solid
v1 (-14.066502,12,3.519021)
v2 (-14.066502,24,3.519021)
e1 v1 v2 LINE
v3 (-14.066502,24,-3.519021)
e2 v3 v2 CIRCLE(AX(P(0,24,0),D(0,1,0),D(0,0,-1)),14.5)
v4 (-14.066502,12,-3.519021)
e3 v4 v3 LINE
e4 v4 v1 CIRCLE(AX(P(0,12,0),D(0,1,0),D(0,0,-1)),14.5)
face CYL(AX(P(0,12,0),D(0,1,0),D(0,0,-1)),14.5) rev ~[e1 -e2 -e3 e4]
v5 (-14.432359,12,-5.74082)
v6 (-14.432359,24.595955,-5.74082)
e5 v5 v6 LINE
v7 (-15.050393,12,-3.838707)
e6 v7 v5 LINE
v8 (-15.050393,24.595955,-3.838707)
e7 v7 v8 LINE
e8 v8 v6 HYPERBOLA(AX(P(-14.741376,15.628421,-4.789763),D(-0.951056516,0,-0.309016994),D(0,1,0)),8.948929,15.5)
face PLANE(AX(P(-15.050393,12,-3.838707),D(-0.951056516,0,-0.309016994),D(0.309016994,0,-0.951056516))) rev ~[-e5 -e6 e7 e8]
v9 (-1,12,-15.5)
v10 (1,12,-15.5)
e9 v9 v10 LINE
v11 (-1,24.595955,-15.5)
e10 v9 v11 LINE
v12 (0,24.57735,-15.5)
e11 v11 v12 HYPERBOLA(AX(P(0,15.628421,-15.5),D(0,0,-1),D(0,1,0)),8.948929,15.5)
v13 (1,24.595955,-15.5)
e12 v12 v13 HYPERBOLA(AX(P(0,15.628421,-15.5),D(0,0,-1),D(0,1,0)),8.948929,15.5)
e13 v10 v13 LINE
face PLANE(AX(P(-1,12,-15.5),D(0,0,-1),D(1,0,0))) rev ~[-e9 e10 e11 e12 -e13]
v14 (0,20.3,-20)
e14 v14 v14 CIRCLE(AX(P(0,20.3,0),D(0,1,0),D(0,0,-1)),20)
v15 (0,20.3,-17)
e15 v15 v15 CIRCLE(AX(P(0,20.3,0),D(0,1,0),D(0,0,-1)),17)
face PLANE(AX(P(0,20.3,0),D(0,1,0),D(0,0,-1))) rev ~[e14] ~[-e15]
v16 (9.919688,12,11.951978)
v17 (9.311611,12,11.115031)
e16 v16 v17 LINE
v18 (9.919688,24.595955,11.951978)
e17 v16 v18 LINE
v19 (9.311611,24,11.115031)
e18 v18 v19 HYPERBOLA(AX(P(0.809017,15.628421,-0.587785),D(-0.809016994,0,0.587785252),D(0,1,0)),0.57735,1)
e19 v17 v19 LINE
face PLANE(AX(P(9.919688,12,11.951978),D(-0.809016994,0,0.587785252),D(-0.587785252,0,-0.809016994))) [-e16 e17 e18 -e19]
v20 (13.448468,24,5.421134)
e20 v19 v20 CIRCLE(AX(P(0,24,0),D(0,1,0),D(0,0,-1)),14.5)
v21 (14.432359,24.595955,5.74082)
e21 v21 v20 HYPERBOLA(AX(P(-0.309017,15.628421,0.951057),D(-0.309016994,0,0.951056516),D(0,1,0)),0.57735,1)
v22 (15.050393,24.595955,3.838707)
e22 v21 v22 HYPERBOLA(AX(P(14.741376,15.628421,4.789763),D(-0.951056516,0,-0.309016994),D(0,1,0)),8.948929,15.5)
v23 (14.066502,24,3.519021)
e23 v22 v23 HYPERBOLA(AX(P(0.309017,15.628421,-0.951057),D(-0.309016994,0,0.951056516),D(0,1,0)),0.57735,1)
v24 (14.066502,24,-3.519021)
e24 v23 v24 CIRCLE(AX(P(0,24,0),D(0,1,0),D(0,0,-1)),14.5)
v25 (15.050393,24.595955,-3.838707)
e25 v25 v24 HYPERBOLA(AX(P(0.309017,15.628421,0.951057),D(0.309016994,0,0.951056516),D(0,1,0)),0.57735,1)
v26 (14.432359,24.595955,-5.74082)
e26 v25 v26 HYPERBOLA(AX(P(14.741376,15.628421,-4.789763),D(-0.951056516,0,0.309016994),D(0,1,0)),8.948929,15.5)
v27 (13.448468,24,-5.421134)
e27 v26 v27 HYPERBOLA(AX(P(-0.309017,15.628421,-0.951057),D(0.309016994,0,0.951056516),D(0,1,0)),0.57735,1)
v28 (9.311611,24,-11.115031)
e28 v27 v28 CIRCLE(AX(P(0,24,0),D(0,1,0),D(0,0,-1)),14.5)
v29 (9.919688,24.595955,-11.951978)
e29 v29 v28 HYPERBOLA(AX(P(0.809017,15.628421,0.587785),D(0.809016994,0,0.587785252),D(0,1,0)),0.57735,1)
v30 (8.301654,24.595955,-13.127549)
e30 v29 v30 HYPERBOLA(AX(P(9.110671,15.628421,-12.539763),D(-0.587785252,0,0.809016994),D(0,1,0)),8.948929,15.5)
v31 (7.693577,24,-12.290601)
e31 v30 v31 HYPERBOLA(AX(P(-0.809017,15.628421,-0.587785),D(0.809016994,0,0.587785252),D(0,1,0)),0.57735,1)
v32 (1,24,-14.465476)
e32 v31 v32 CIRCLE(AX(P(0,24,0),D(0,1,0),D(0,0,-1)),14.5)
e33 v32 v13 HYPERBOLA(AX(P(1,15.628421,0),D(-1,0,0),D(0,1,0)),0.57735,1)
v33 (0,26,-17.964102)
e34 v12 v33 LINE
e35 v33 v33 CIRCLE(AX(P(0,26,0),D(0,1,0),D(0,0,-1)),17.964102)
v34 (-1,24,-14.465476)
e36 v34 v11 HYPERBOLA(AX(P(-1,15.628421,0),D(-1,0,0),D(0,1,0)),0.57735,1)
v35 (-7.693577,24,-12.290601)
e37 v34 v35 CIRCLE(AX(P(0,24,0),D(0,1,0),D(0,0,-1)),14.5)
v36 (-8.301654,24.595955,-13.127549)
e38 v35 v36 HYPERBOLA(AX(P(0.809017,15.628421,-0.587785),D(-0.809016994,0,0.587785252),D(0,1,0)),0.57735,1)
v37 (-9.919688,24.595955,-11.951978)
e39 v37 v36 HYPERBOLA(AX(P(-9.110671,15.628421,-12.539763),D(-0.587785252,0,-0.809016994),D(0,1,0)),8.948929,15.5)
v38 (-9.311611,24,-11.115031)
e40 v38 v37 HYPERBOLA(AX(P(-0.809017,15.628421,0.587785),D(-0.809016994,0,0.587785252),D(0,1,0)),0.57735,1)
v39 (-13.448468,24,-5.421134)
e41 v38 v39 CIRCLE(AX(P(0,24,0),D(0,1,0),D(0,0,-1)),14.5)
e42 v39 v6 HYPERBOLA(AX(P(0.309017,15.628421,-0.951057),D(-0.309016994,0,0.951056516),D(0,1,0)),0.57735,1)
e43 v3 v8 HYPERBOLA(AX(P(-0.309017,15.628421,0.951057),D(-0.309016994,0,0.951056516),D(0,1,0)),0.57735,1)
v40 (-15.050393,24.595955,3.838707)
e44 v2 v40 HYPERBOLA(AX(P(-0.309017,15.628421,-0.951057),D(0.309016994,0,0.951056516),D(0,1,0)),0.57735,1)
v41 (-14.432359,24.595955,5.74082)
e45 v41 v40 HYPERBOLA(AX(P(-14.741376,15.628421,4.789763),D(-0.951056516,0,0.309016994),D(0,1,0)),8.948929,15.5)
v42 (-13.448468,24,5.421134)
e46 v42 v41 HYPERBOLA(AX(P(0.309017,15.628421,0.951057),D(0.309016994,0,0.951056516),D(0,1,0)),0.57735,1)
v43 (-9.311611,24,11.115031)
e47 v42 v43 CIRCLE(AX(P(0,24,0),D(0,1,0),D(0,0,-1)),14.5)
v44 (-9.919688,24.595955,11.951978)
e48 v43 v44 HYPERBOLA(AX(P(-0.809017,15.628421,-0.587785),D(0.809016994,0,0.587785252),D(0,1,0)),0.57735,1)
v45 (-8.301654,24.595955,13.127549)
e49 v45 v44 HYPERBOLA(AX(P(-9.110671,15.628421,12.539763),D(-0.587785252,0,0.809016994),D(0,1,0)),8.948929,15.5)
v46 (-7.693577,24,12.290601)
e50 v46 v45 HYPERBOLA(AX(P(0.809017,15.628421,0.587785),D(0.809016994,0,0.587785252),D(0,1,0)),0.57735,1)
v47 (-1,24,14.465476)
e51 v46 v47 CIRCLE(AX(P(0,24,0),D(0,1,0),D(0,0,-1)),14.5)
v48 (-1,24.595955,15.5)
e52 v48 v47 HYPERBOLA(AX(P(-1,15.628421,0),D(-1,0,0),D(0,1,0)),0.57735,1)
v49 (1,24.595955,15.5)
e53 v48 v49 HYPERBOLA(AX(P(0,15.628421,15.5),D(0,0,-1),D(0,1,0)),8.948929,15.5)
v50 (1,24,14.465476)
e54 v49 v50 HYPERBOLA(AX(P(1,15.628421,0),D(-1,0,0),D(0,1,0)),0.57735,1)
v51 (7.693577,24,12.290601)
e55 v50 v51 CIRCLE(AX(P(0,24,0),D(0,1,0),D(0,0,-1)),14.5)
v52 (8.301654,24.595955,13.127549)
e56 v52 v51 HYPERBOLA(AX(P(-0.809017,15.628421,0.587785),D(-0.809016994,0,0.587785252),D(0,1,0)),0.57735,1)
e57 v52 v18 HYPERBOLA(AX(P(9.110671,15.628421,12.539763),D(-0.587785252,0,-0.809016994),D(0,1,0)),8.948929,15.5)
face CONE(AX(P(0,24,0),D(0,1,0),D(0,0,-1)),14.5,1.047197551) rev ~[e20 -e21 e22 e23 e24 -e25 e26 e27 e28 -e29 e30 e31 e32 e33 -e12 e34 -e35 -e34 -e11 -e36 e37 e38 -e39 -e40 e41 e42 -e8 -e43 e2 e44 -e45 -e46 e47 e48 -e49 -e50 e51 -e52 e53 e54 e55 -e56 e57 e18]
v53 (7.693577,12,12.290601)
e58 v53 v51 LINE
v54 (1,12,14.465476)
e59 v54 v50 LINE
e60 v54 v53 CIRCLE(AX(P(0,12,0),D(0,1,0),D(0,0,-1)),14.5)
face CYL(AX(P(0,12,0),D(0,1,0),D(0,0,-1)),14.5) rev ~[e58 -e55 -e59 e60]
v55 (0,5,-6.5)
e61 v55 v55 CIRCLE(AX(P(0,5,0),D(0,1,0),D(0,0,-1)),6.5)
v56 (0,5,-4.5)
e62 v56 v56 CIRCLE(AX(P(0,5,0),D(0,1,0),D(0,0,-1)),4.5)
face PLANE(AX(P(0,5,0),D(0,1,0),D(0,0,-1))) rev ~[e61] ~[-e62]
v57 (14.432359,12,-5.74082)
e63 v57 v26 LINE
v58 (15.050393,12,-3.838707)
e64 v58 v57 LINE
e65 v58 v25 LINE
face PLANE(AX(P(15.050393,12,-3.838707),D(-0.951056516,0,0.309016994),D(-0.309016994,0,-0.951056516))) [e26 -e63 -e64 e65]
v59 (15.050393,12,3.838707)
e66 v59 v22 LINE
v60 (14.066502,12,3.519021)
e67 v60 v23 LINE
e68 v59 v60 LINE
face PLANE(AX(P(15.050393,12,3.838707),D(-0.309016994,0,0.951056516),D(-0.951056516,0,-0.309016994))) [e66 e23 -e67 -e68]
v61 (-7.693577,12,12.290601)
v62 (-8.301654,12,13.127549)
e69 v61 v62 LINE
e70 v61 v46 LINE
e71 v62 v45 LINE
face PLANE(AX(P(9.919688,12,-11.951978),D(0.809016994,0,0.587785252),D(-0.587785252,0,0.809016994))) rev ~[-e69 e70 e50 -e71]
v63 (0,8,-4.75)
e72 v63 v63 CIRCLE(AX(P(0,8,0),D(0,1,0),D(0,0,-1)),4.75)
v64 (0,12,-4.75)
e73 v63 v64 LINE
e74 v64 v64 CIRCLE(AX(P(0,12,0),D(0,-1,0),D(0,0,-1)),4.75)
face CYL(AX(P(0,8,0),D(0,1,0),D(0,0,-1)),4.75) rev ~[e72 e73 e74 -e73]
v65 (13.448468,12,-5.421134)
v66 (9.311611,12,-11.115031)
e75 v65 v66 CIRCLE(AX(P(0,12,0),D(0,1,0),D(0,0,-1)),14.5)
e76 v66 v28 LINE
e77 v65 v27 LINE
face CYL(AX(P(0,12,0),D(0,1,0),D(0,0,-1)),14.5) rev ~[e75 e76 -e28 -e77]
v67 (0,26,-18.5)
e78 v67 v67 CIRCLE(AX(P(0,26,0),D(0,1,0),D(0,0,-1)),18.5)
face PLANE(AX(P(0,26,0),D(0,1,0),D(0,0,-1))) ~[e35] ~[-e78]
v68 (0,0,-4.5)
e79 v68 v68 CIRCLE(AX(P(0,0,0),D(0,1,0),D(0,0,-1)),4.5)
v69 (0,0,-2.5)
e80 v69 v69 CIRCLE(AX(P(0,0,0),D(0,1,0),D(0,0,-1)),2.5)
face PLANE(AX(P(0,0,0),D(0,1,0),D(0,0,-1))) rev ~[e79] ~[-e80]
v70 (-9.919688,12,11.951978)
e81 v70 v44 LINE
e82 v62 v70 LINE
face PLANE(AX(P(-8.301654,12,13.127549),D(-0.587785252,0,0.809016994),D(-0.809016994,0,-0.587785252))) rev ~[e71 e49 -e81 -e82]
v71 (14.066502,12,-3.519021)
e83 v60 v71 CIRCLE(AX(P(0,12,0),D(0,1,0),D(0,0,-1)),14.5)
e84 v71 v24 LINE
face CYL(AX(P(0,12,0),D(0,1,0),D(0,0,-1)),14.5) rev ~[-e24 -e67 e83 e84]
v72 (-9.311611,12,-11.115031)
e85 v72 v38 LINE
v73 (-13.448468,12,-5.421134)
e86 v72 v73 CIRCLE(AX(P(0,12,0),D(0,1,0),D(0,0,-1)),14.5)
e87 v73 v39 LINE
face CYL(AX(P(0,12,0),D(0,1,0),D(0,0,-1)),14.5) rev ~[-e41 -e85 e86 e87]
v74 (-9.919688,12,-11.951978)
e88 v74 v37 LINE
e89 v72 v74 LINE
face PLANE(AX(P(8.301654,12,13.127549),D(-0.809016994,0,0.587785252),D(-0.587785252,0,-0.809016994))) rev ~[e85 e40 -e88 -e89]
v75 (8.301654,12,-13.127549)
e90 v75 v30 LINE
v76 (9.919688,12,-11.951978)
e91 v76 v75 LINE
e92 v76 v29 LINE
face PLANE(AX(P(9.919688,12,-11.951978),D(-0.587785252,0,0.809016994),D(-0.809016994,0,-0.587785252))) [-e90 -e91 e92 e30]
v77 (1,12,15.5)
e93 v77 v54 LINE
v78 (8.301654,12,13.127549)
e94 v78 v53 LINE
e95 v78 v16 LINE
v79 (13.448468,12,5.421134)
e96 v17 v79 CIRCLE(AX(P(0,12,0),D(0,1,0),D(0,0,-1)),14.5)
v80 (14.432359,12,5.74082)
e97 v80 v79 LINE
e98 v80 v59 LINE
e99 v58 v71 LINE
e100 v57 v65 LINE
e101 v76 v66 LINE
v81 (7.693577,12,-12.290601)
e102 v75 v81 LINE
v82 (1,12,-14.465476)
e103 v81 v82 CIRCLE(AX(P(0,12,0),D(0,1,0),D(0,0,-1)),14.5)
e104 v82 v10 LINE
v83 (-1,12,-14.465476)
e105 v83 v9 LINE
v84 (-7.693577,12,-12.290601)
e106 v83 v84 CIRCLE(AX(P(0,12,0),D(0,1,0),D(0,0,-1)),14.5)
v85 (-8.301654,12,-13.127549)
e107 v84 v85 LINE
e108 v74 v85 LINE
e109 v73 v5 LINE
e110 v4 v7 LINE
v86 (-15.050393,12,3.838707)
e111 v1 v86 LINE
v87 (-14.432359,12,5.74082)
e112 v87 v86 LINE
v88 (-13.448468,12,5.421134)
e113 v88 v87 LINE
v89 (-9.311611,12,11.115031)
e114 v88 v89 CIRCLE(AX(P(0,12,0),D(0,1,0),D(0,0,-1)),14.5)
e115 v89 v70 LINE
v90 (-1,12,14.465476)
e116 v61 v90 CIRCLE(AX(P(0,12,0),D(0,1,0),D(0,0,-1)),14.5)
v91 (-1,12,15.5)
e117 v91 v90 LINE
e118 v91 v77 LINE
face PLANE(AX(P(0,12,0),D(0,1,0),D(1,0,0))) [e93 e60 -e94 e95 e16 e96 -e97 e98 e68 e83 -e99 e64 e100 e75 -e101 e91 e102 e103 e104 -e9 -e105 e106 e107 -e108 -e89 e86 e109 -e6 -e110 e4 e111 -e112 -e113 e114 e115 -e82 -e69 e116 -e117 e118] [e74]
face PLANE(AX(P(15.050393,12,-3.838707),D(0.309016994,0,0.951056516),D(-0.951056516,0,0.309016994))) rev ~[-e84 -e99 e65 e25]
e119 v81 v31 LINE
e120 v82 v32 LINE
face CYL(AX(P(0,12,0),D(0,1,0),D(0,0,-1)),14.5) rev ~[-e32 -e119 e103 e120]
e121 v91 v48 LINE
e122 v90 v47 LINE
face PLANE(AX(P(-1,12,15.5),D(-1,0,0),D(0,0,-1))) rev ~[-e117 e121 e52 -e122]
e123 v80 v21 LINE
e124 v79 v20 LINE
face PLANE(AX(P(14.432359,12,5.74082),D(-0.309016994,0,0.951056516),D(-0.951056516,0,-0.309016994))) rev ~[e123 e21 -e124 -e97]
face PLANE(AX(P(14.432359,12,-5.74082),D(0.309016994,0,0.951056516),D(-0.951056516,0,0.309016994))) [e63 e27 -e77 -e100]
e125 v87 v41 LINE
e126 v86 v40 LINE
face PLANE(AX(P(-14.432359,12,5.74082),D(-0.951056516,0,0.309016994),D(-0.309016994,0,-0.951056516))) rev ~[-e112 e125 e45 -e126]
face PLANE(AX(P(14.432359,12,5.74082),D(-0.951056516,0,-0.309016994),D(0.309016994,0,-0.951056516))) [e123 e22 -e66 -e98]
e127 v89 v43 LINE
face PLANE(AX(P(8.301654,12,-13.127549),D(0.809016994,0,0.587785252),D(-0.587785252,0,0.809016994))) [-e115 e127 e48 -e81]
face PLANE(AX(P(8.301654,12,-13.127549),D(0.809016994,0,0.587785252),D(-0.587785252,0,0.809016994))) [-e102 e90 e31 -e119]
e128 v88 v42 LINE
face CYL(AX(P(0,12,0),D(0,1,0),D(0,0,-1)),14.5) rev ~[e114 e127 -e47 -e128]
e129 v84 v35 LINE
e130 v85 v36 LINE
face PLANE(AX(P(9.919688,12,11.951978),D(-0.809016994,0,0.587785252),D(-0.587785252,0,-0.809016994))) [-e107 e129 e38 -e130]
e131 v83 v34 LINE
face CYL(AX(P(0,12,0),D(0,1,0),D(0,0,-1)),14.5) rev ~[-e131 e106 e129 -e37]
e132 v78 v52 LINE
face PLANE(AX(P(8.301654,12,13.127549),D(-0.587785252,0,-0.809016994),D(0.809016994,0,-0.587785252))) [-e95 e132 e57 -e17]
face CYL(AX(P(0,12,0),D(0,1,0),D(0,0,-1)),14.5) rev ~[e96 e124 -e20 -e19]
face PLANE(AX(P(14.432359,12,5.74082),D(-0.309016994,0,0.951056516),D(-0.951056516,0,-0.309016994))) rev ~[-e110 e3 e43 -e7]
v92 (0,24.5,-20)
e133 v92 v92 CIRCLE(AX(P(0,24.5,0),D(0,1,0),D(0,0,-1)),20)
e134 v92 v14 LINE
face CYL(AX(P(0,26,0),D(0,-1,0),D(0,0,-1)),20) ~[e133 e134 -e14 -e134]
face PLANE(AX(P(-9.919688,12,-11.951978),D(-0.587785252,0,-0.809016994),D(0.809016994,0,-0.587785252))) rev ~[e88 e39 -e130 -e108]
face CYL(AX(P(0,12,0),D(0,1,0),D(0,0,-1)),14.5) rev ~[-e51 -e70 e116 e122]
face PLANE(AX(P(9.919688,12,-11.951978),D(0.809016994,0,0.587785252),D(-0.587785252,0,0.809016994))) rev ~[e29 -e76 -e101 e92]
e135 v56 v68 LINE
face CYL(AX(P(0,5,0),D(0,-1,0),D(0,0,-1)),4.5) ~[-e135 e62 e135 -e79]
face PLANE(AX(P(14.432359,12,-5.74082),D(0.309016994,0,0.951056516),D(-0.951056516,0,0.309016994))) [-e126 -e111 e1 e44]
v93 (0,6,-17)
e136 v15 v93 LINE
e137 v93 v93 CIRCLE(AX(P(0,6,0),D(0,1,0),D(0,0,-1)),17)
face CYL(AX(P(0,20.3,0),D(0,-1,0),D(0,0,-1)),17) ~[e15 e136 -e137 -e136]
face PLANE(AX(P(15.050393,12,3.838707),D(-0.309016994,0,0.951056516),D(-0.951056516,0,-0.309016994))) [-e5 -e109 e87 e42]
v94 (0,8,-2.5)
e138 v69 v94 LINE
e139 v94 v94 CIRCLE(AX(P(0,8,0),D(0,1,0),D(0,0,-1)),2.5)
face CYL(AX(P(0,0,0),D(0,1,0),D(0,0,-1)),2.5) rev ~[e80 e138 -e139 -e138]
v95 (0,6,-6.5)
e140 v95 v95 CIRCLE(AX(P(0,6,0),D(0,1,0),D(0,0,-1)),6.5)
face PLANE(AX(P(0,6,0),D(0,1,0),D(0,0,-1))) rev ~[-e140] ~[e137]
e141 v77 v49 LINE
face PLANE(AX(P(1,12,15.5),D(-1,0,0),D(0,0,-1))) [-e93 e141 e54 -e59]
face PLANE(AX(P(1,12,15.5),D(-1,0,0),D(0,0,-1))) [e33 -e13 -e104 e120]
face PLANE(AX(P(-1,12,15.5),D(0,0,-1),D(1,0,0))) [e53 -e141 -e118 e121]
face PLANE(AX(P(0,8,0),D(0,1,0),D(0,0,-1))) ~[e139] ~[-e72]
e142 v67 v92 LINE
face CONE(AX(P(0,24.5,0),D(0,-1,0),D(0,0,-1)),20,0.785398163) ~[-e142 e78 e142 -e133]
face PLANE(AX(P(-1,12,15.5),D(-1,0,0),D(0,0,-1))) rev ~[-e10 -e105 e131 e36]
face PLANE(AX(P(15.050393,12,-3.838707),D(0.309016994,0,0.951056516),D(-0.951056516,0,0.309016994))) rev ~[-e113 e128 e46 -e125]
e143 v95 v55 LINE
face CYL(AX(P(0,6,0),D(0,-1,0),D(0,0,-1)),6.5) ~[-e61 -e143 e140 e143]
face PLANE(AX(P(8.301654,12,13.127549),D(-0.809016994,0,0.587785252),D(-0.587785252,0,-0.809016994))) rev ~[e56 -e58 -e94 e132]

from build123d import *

# Parameters (mm, degrees)
CHAMFER_1_SIZE           = 2
CHAMFER_1_SIZE2          = 3.464101615
CHAMFER_2_SIZE           = 1.5
SKETCH_2_W               = 2
SKETCH_2_H               = 31
CUT_EXTRUDE_1_DEPTH      = 32.559467676
PATTERN_CIRCULAR_1_COUNT = 10


with BuildPart() as part:
    # 草图1 → 旋转1 (revolve)
    with BuildSketch(Plane.XY, mode=Mode.PRIVATE) as revolve_1_sk:
        Polygon((-2.5, 0), (-2.5, 8), (-4.75, 8), (-4.75, 12), (-14.5, 12), (-14.5, 26), (-20, 26), (-20, 20.3), (-17, 20.3), (-17, 6), (-6.5, 6), (-6.5, 5), (-4.5, 5), (-4.5, 0), align=None)
    revolve(revolve_1_sk.sketch.rotate(Axis((0, 0, 0), (0, 1, 0)), 270), axis=Axis((0, 0, 0), (0, 1, 0)))

    # 倒角1
    chamfer_1_edges = [part.edges().sort_by_distance(p)[0] for p in [
        (0, 26, 14.5),
    ]]
    chamfer_1_side = [part.faces().sort_by_distance(p)[0] for p in [
        (0, 19, 14.5),
    ]]
    chamfer(chamfer_1_edges, length=CHAMFER_1_SIZE, length2=CHAMFER_1_SIZE2, reference=chamfer_1_side[0])

    # 倒角2
    chamfer_2_edges = [part.edges().sort_by_distance(p)[0] for p in [
        (0, 26, 20),
    ]]
    chamfer(chamfer_2_edges, length=CHAMFER_2_SIZE)

    # 草图2 → 切除-拉伸1 (cut, through all)
    with BuildSketch(Plane(origin=(0, 12, 0), x_dir=(1, 0, 0), z_dir=(0, 1, 0))):
        Rectangle(SKETCH_2_W, SKETCH_2_H)
    cut_extrude_1 = extrude(amount=CUT_EXTRUDE_1_DEPTH, mode=Mode.SUBTRACT)

    # 阵列(圆周)1: 切除-拉伸1 ×10 about axis
    pattern_circular_1_axis = Axis((0, 0, 0), (0, 1, 0))
    for i in range(1, PATTERN_CIRCULAR_1_COUNT):
        add(cut_extrude_1.rotate(pattern_circular_1_axis, i * 360 / PATTERN_CIRCULAR_1_COUNT), mode=Mode.SUBTRACT)


solid = part.part
